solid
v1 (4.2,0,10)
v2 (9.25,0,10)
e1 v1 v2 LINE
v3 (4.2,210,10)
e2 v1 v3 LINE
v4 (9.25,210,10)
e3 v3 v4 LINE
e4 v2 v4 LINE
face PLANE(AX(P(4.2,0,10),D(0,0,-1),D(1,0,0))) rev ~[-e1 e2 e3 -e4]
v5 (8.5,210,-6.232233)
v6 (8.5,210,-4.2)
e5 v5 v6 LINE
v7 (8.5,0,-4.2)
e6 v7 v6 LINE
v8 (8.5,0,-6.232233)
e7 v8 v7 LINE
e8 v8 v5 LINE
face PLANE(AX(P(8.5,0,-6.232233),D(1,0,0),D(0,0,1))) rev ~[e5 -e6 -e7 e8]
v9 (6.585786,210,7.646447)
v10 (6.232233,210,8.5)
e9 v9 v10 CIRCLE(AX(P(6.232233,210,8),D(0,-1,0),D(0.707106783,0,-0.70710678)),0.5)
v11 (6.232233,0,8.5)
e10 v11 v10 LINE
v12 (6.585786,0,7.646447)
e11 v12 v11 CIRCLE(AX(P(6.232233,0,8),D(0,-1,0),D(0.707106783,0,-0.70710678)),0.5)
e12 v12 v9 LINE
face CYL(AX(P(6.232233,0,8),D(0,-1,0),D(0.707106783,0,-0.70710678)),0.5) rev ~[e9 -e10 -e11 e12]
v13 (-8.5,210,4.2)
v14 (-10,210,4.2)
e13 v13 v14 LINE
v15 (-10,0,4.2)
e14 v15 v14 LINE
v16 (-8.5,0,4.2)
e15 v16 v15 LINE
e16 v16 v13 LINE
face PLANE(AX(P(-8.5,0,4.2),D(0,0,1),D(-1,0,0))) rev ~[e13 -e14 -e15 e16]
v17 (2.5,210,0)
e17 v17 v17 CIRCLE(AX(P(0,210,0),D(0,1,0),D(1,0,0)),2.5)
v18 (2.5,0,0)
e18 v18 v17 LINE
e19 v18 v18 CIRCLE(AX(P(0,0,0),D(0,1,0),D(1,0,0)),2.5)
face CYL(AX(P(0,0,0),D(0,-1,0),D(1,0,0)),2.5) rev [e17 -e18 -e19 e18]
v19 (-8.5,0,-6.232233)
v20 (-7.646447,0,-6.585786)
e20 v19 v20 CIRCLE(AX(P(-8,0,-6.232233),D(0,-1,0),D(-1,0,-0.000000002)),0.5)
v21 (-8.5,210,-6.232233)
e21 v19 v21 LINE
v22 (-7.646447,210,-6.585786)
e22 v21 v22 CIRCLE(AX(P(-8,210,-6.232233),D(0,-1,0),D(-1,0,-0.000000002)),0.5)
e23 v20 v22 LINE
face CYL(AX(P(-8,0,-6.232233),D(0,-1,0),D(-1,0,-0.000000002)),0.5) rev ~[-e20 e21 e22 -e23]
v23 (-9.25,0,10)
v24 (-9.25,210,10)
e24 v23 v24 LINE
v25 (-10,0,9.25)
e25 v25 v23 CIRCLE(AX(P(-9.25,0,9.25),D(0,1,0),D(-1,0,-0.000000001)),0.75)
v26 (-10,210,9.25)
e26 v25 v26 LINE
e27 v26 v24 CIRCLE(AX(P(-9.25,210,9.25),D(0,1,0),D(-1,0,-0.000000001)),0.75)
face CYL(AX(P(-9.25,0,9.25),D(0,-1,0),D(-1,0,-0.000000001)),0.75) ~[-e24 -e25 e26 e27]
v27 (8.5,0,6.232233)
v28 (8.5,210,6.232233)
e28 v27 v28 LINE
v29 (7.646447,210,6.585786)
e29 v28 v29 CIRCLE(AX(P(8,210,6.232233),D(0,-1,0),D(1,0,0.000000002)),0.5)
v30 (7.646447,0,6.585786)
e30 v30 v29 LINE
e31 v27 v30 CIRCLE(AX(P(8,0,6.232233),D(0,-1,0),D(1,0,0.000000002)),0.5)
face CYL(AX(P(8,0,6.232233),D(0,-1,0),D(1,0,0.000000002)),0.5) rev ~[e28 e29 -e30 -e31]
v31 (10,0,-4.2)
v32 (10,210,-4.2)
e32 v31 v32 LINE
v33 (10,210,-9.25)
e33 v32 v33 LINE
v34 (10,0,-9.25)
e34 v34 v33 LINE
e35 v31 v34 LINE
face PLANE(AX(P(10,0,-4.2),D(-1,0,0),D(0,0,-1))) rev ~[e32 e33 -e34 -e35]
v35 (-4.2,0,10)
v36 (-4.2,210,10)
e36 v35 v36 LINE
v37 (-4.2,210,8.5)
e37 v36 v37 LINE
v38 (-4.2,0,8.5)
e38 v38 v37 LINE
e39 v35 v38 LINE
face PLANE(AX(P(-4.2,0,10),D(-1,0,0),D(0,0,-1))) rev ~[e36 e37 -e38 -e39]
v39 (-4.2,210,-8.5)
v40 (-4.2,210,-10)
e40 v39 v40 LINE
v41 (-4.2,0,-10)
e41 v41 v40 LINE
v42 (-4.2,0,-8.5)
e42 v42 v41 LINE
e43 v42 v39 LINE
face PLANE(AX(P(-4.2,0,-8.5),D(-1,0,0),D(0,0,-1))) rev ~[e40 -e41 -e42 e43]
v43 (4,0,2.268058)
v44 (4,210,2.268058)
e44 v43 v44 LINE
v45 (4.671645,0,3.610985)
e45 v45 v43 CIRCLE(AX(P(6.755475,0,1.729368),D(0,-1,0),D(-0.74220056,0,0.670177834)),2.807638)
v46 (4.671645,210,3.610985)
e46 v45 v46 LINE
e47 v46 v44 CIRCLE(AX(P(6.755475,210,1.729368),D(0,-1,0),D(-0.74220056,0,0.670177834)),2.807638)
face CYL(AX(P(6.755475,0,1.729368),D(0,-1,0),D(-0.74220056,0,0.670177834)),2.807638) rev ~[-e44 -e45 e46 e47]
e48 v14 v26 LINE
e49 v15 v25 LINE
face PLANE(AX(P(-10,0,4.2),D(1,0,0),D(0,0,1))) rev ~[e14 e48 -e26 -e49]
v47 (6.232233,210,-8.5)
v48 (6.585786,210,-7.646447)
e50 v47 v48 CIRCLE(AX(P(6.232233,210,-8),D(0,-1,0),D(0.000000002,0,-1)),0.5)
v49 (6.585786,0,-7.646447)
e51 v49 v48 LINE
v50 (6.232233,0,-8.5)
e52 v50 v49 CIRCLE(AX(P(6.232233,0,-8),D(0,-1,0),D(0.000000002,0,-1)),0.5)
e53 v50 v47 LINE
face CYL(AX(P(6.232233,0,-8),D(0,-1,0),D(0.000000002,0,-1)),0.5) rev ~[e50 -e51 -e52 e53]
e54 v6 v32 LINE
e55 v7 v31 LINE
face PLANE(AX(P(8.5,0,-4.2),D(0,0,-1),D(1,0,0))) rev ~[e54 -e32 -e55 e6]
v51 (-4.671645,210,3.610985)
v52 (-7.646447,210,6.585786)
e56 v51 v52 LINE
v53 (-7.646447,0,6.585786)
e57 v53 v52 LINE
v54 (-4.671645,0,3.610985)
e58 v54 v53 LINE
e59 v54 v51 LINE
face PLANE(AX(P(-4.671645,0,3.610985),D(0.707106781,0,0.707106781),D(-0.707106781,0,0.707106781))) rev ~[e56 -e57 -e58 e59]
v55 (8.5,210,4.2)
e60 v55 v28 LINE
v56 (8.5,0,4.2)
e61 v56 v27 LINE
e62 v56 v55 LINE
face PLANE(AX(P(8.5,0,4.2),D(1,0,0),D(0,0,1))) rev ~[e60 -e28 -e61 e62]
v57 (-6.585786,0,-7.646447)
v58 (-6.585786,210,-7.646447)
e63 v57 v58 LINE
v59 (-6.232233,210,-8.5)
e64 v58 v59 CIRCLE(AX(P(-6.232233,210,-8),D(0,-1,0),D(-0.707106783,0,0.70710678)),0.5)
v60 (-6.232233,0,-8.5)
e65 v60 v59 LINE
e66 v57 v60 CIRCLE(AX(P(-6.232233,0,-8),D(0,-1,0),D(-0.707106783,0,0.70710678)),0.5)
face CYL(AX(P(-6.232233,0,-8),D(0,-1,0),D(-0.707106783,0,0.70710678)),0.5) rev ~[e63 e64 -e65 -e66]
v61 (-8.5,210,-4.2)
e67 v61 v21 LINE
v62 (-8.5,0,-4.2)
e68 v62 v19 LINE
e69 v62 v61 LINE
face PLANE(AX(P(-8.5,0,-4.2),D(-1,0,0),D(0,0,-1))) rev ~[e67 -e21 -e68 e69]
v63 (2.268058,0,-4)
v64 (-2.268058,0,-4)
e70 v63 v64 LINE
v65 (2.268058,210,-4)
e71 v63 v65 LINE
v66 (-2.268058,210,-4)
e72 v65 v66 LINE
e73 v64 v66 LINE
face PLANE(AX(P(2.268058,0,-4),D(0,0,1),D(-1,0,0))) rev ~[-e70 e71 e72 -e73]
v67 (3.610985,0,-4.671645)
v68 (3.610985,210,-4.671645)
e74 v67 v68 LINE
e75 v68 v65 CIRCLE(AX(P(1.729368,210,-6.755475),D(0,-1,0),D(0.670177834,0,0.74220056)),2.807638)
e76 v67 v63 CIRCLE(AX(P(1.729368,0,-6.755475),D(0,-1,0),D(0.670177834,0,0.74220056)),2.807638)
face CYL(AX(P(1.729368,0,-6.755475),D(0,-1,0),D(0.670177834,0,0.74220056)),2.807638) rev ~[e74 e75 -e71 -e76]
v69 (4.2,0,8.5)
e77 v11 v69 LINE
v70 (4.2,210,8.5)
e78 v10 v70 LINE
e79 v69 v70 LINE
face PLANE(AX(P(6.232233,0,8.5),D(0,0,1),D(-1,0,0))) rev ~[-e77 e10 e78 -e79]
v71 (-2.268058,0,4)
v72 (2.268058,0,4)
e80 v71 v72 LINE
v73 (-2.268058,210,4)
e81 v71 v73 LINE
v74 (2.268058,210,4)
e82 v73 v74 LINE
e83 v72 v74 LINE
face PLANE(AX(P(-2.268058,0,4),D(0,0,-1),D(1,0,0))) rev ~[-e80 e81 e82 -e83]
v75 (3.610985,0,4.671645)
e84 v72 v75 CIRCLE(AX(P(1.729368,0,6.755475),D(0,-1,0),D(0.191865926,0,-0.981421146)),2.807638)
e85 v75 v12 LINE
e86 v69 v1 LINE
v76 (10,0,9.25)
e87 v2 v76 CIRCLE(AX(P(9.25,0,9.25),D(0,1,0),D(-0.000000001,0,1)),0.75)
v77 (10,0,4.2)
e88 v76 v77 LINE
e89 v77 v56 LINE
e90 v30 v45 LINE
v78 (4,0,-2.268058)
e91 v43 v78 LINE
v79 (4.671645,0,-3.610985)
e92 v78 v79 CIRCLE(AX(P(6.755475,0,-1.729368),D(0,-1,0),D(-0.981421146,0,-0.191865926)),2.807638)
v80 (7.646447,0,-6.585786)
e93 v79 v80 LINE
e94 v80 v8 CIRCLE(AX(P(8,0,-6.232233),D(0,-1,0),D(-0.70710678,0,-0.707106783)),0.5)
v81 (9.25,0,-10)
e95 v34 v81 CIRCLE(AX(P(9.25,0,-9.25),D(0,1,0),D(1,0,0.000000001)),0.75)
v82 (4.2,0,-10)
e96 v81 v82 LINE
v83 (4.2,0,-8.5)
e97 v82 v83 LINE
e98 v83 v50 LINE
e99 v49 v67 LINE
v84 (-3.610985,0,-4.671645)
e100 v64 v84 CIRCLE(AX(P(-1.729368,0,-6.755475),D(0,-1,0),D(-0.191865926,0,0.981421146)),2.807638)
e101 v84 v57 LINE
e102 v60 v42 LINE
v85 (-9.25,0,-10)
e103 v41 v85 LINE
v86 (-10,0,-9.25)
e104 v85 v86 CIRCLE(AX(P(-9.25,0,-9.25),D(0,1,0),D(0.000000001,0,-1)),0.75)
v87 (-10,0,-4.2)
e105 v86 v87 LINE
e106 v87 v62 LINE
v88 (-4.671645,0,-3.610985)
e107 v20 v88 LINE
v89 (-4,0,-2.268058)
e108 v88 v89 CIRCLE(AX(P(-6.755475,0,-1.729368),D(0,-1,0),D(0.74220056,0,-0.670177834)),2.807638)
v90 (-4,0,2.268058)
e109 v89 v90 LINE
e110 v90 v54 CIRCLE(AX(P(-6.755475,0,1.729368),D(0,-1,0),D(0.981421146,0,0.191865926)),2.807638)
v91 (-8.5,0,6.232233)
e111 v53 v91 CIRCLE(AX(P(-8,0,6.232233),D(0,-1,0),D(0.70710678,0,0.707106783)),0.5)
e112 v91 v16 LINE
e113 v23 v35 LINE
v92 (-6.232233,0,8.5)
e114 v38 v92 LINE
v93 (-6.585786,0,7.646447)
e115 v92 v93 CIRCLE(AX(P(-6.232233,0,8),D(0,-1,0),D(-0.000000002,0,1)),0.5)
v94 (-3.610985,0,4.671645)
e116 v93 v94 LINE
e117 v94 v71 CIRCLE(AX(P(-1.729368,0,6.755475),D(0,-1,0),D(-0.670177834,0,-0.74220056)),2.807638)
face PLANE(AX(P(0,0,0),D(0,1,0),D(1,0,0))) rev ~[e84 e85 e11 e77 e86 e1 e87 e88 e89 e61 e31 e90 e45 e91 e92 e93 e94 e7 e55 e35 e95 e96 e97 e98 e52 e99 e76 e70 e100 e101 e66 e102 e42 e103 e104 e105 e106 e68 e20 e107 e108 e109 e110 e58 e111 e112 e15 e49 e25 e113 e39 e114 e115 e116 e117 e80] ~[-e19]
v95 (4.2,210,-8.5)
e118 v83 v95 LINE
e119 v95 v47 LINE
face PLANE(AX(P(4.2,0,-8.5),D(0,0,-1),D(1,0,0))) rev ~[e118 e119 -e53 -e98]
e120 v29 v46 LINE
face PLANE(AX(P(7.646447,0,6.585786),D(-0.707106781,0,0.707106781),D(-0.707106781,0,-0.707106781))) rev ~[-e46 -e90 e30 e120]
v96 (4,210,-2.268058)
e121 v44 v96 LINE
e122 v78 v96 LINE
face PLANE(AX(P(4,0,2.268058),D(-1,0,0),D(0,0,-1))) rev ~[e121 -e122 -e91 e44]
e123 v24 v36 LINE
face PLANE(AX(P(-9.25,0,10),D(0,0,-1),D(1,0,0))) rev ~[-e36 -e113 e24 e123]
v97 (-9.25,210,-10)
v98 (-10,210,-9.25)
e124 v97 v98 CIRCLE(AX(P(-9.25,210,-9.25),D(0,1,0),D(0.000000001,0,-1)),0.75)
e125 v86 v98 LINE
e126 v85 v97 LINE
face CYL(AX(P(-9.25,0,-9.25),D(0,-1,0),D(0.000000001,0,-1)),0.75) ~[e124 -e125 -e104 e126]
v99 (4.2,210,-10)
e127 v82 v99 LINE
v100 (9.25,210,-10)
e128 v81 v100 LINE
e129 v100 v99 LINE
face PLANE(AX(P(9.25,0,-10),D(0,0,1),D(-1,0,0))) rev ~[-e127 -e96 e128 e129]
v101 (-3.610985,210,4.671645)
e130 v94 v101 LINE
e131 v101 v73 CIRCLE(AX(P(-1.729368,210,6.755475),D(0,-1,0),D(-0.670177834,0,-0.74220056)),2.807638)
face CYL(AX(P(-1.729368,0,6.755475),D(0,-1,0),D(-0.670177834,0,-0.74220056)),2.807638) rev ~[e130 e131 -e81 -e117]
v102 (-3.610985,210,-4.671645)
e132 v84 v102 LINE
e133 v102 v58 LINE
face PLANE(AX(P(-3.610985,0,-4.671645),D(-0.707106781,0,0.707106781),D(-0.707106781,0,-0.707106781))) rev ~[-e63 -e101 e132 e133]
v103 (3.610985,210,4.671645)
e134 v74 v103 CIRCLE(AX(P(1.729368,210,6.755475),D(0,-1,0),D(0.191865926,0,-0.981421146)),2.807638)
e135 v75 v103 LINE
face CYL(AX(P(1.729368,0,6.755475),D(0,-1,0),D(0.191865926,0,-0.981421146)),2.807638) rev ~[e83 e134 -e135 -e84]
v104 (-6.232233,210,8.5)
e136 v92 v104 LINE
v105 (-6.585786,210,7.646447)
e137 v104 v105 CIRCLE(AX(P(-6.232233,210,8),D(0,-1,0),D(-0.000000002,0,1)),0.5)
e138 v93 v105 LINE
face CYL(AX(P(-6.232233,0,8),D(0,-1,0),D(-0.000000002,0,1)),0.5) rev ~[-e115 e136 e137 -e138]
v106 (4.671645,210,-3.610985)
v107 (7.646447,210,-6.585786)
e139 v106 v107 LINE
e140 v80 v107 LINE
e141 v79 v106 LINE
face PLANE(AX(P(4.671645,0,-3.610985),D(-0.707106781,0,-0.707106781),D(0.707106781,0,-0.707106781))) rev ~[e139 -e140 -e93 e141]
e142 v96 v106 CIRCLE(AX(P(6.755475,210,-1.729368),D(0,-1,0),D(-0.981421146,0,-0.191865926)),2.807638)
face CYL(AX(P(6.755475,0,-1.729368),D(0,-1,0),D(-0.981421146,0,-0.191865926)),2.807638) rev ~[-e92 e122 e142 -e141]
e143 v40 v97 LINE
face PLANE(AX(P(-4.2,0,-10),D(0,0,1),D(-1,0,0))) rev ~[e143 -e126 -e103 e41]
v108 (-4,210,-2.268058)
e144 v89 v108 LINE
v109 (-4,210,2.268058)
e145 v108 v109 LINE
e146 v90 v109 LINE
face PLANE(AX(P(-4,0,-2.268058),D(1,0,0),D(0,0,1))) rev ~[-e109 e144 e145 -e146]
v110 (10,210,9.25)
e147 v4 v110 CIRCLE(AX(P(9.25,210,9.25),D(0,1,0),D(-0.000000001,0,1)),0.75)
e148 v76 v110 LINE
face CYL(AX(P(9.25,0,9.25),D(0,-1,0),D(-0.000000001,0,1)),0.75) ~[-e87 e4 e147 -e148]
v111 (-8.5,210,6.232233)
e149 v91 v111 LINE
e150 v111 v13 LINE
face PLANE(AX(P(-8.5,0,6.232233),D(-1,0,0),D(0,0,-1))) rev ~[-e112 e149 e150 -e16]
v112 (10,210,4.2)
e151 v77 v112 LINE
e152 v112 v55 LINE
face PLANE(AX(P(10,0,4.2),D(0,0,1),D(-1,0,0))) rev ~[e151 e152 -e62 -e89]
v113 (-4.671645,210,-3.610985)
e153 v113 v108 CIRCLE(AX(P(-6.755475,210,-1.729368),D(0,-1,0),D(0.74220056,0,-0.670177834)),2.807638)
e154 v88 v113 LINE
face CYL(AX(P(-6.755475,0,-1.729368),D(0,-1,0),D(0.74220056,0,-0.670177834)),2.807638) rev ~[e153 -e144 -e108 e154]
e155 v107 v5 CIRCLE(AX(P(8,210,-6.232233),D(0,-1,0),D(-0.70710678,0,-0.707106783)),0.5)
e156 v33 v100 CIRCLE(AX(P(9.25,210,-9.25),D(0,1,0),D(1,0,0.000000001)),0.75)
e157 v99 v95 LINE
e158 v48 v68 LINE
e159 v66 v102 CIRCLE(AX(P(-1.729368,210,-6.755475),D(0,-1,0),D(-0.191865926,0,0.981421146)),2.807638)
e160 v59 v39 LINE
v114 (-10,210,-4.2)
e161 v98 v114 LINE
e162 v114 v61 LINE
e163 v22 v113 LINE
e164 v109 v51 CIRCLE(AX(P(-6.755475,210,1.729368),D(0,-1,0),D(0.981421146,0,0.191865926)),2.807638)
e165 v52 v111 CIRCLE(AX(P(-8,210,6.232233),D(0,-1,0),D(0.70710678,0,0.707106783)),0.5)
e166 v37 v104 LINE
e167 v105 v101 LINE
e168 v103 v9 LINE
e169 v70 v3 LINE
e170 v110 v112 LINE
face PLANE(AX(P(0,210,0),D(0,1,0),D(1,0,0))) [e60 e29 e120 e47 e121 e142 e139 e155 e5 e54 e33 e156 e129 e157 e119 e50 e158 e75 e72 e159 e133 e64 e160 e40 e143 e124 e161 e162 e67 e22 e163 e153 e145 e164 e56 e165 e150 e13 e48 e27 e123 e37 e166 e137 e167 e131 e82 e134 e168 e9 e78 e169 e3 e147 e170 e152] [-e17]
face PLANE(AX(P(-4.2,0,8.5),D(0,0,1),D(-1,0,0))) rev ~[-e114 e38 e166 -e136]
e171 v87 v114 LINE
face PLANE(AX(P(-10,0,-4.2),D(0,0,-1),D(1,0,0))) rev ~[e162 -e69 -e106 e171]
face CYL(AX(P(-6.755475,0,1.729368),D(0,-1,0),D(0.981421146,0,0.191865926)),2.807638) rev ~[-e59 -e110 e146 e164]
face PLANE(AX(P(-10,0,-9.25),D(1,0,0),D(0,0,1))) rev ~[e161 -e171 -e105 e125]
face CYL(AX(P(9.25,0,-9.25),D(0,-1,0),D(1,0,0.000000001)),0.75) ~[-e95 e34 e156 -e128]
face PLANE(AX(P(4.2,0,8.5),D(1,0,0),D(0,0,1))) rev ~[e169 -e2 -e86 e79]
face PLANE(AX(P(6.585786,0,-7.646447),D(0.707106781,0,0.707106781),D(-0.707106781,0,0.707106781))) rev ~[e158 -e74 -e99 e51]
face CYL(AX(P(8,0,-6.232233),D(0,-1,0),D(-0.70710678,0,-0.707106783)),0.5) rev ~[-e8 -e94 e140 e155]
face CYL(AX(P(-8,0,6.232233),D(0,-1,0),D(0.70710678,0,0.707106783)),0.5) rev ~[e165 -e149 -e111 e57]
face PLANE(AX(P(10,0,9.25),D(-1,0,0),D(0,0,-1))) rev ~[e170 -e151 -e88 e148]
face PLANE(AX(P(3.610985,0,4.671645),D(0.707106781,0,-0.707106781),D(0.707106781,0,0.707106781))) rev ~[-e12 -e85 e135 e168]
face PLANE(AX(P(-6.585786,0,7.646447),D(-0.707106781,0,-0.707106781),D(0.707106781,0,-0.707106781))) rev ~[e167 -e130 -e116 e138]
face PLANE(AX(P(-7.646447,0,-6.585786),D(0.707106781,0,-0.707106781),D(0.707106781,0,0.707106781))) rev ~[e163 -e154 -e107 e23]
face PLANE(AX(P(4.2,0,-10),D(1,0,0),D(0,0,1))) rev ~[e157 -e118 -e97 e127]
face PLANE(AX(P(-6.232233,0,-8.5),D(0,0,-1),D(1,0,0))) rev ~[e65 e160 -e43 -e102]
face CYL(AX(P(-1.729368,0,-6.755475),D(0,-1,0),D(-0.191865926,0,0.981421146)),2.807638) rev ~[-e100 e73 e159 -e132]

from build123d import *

# Parameters (mm, degrees)
SKETCH1_R           = 2.5
BOSS_EXTRUDE1_DEPTH = 210


with BuildPart() as part:
    # Sketch1 → Boss-Extrude1 (new body)
    with BuildSketch(Plane(origin=(0, 0, 0), x_dir=(1, 0, 0), z_dir=(0, 1, 0))):
        with BuildLine():
            Line((-3.610984523, 4.671644695), (-6.585786438, 7.646446609))
            ThreePointArc((-6.585786438, 7.646446609), (-6.694172813, 8.191341716), (-6.232233047, 8.5))
            Line((-6.232233047, 8.5), (-4.2, 8.5))
            Line((-4.2, 8.5), (-4.2, 10))
            Line((-4.2, 10), (-9.25, 10))
            ThreePointArc((-9.25, 10), (-9.780330086, 9.780330086), (-10, 9.25))
            Line((-10, 9.25), (-10, 4.2))
            Line((-10, 4.2), (-8.5, 4.2))
            Line((-8.5, 4.2), (-8.5, 6.232233047))
            ThreePointArc((-8.5, 6.232233047), (-8.191341716, 6.694172813), (-7.646446609, 6.585786438))
            Line((-7.646446609, 6.585786438), (-4.671644695, 3.610984523))
            ThreePointArc((-4.671644695, 3.610984523), (-4.244383234, 2.985253206), (-4, 2.268058063))
            Line((-4, 2.268058063), (-4, -2.268058063))
            ThreePointArc((-4, -2.268058063), (-4.244383234, -2.985253206), (-4.671644695, -3.610984523))
            Line((-4.671644695, -3.610984523), (-7.646446609, -6.585786438))
            ThreePointArc((-7.646446609, -6.585786438), (-8.191341716, -6.694172813), (-8.5, -6.232233047))
            Line((-8.5, -6.232233047), (-8.5, -4.2))
            Line((-8.5, -4.2), (-10, -4.2))
            Line((-10, -4.2), (-10, -9.25))
            ThreePointArc((-10, -9.25), (-9.780330086, -9.780330086), (-9.25, -10))
            Line((-9.25, -10), (-4.2, -10))
            Line((-4.2, -10), (-4.2, -8.5))
            Line((-4.2, -8.5), (-6.232233047, -8.5))
            ThreePointArc((-6.232233047, -8.5), (-6.694172813, -8.191341716), (-6.585786438, -7.646446609))
            Line((-6.585786438, -7.646446609), (-3.610984523, -4.671644695))
            ThreePointArc((-3.610984523, -4.671644695), (-2.985253206, -4.244383234), (-2.268058063, -4))
            Line((-2.268058063, -4), (2.268058063, -4))
            ThreePointArc((2.268058063, -4), (2.985253206, -4.244383234), (3.610984523, -4.671644695))
            Line((3.610984523, -4.671644695), (6.585786438, -7.646446609))
            ThreePointArc((6.585786438, -7.646446609), (6.694172813, -8.191341716), (6.232233047, -8.5))
            Line((6.232233047, -8.5), (4.2, -8.5))
            Line((4.2, -8.5), (4.2, -10))
            Line((4.2, -10), (9.25, -10))
            ThreePointArc((9.25, -10), (9.780330086, -9.780330086), (10, -9.25))
            Line((10, -9.25), (10, -4.2))
            Line((10, -4.2), (8.5, -4.2))
            Line((8.5, -4.2), (8.5, -6.232233047))
            ThreePointArc((8.5, -6.232233047), (8.191341716, -6.694172813), (7.646446609, -6.585786438))
            Line((7.646446609, -6.585786438), (4.671644695, -3.610984523))
            ThreePointArc((4.671644695, -3.610984523), (4.244383234, -2.985253206), (4, -2.268058063))
            Line((4, -2.268058063), (4, 2.268058063))
            ThreePointArc((4, 2.268058063), (4.244383234, 2.985253206), (4.671644695, 3.610984523))
            Line((4.671644695, 3.610984523), (7.646446609, 6.585786438))
            ThreePointArc((7.646446609, 6.585786438), (8.191341716, 6.694172813), (8.5, 6.232233047))
            Line((8.5, 6.232233047), (8.5, 4.2))
            Line((8.5, 4.2), (10, 4.2))
            Line((10, 4.2), (10, 9.25))
            ThreePointArc((10, 9.25), (9.780330086, 9.780330086), (9.25, 10))
            Line((9.25, 10), (4.2, 10))
            Line((4.2, 10), (4.2, 8.5))
            Line((4.2, 8.5), (6.232233047, 8.5))
            ThreePointArc((6.232233047, 8.5), (6.694172813, 8.191341716), (6.585786438, 7.646446609))
            Line((6.585786438, 7.646446609), (3.610984523, 4.671644695))
            ThreePointArc((3.610984523, 4.671644695), (2.985253206, 4.244383234), (2.268058063, 4))
            Line((2.268058063, 4), (-2.268058063, 4))
            ThreePointArc((-2.268058063, 4), (-2.985253206, 4.244383234), (-3.610984523, 4.671644695))
        make_face()
        Circle(SKETCH1_R, mode=Mode.SUBTRACT)
    extrude(amount=BOSS_EXTRUDE1_DEPTH)


solid = part.part
